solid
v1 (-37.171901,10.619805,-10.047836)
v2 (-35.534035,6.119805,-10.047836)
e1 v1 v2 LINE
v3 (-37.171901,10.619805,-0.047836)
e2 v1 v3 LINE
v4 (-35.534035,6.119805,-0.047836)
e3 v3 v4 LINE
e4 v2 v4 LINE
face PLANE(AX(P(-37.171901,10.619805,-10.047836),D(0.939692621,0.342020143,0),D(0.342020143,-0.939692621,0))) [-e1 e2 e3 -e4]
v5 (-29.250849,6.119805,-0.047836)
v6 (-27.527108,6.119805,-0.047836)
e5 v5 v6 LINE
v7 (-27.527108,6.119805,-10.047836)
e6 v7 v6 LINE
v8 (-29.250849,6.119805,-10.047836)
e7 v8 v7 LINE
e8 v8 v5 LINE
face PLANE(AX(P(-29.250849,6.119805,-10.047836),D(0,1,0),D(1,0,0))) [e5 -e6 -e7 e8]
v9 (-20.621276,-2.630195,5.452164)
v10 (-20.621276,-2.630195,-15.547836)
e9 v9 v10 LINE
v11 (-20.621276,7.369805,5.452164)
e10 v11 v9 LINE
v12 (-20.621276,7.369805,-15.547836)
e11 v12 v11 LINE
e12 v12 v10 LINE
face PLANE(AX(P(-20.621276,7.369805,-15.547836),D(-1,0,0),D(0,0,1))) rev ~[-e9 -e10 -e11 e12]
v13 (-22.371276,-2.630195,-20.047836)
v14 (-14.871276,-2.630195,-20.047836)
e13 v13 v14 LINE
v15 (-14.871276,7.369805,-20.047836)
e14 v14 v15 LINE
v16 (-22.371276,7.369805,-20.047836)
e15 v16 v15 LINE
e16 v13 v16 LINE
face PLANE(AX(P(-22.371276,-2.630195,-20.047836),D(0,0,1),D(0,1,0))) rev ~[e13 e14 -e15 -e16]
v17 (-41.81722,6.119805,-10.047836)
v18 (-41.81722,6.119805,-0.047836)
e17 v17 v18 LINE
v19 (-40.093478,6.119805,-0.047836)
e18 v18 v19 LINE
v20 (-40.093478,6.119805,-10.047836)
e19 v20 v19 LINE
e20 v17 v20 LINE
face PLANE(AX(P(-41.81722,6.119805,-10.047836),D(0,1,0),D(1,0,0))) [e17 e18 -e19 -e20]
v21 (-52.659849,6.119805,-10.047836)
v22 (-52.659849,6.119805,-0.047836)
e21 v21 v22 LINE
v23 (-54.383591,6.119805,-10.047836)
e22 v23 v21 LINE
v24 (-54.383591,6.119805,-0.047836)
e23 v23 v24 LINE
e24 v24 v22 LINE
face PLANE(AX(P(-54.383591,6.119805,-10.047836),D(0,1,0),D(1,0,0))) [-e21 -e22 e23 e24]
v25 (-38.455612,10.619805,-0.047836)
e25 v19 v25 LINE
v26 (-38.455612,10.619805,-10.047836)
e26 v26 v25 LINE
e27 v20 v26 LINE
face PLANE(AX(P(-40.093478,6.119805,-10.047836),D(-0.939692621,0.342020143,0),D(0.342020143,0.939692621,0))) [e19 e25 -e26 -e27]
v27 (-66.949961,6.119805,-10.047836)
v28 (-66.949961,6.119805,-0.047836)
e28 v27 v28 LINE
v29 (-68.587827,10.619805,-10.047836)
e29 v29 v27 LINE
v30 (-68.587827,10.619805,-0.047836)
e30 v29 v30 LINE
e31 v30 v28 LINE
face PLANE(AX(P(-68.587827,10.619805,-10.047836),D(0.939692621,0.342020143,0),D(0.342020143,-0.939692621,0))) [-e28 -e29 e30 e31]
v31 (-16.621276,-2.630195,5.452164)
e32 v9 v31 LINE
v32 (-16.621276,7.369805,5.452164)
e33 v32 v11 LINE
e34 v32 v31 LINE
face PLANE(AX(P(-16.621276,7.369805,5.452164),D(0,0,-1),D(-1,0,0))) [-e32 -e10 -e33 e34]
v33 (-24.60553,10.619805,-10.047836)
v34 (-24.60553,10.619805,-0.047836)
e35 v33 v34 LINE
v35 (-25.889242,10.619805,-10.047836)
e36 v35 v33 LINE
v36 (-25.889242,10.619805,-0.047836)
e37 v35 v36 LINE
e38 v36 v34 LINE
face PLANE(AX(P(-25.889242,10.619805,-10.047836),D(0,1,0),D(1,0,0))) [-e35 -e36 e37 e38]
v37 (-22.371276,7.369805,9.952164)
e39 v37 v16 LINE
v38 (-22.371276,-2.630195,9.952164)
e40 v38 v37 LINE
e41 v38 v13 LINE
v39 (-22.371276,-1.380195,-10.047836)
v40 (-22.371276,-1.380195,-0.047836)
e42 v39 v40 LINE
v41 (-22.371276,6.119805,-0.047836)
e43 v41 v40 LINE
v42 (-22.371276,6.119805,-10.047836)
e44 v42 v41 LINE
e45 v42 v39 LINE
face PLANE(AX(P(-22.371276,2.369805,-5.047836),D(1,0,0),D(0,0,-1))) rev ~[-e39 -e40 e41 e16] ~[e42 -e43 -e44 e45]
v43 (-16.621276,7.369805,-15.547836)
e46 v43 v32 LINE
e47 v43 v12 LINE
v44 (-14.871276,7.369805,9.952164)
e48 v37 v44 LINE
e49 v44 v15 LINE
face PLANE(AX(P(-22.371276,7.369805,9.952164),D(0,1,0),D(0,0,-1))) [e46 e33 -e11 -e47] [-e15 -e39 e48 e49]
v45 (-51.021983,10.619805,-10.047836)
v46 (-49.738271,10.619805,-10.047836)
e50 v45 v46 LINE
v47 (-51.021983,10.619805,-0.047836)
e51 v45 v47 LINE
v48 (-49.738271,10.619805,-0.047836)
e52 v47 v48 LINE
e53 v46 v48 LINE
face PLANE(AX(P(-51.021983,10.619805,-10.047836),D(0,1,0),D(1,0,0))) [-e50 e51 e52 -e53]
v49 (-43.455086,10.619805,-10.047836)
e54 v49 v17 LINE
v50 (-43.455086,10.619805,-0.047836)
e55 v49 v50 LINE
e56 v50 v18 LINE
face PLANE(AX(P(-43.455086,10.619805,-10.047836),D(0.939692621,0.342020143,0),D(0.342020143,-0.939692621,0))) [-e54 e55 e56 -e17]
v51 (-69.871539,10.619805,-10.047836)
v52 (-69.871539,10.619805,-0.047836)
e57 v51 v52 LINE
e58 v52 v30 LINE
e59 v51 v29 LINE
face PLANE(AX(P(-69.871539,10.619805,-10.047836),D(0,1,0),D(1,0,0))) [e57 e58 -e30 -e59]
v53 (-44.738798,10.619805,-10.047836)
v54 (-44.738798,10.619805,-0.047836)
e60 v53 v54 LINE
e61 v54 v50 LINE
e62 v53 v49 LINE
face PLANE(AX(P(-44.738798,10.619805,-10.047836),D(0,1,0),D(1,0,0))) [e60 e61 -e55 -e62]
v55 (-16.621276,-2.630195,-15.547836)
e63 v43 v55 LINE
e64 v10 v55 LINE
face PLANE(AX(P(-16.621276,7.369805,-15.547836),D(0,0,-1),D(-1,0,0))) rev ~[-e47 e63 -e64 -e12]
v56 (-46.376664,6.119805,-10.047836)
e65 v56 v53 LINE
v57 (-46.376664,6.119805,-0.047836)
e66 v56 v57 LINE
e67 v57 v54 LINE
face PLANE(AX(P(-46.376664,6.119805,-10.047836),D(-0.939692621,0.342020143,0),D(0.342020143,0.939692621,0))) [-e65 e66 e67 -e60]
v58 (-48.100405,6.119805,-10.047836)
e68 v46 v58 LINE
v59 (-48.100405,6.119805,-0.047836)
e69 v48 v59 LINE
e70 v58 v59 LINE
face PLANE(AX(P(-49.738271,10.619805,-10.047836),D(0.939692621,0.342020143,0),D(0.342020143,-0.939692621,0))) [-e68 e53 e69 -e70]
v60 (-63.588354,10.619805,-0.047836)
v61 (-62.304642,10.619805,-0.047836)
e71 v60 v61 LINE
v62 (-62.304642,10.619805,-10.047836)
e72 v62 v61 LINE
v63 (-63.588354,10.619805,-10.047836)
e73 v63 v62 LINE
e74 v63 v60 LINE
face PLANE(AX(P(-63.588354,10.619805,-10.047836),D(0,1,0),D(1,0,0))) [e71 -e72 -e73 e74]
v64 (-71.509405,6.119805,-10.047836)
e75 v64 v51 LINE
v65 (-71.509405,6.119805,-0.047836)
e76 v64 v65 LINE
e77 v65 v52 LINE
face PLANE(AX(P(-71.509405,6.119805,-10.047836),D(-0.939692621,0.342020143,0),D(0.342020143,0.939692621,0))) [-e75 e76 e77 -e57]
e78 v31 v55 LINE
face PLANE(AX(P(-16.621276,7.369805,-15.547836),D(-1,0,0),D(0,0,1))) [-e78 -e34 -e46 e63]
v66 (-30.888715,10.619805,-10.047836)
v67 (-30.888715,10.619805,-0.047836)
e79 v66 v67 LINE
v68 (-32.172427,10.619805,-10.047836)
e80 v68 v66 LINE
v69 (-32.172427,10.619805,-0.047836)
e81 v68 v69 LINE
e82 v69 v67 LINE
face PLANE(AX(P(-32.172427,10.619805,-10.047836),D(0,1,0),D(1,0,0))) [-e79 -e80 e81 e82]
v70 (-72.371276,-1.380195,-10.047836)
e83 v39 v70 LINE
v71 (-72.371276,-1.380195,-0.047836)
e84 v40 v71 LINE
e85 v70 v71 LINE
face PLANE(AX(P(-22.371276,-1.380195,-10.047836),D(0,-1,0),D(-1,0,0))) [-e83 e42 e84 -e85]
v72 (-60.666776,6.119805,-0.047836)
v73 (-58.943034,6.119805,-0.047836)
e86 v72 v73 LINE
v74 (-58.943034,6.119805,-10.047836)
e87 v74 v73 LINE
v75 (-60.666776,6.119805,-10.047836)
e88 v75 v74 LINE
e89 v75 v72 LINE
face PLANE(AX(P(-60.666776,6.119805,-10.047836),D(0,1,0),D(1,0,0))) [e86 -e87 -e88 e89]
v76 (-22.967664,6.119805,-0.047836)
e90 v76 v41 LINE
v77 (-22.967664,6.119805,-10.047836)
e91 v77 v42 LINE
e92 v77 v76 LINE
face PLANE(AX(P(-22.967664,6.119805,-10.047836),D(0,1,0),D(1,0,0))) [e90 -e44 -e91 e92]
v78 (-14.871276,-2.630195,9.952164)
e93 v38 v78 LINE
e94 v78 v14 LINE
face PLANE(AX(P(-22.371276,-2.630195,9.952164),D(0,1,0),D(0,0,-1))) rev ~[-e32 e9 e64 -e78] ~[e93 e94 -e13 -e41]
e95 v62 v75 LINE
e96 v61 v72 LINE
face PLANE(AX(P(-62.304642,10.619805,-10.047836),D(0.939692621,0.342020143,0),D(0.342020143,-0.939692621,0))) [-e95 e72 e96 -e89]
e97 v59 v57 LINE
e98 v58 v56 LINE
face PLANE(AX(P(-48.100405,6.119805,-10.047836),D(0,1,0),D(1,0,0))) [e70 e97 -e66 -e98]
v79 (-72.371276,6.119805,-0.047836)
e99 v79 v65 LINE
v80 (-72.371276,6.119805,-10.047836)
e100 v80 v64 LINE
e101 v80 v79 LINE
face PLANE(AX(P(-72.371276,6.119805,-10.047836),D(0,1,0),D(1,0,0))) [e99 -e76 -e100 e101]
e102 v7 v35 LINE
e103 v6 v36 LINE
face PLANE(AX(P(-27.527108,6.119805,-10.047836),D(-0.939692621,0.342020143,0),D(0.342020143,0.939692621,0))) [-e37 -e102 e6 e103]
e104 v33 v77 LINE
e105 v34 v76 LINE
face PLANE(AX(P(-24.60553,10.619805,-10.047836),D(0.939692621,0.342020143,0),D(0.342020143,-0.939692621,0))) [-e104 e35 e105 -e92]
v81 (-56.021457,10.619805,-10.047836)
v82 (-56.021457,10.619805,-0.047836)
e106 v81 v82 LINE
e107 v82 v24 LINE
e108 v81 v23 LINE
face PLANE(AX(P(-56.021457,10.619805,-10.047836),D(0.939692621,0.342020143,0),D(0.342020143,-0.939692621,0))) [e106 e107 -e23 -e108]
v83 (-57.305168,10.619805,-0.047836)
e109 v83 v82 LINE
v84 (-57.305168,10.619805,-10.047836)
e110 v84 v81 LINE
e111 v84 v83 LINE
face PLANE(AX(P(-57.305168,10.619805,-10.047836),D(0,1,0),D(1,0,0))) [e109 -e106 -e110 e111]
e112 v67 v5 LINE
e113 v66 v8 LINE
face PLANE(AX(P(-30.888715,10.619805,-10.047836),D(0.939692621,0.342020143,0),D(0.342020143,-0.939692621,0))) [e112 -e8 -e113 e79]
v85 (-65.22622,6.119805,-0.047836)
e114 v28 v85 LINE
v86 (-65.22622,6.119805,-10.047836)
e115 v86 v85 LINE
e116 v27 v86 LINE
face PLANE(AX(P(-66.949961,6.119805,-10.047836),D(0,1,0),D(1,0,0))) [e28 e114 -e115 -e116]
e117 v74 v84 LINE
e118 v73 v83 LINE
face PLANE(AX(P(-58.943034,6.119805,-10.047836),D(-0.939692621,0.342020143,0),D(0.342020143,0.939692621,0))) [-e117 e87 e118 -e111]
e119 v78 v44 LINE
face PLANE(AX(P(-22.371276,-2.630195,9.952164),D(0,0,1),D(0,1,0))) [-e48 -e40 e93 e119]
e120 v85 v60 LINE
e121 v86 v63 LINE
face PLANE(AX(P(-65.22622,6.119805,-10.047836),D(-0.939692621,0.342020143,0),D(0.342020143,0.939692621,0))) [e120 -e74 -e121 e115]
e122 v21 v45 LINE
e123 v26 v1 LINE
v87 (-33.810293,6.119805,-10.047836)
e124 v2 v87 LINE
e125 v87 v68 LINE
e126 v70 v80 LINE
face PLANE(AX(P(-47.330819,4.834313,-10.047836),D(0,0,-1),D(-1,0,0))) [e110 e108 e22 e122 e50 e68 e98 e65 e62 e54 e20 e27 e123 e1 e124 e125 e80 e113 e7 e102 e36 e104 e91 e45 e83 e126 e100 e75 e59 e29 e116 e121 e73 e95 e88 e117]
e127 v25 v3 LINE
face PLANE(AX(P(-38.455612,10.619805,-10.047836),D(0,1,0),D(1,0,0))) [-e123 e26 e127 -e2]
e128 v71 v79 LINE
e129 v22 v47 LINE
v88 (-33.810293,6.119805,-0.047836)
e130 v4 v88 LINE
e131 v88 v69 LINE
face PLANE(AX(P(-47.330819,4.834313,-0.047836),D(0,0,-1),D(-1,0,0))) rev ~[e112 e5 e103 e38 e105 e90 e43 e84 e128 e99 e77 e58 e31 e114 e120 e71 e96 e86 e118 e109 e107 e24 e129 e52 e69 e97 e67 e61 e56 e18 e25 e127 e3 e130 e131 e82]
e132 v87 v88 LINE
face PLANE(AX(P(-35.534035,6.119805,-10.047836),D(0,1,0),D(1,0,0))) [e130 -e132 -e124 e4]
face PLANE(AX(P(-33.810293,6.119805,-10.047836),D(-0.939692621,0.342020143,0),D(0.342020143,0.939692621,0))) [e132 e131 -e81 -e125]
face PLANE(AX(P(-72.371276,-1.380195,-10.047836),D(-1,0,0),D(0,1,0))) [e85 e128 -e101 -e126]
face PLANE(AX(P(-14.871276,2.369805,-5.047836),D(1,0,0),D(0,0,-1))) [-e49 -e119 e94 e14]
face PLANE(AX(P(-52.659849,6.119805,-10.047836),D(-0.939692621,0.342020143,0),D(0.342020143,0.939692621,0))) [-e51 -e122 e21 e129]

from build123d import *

# Parameters (mm, degrees)
BOSS_EXTRUDE1_DEPTH = 10
SKETCH2_W           = 30
SKETCH2_H           = 10
BOSS_EXTRUDE2_DEPTH = 7.5
CUT_EXTRUDE1_REACH  = 12
SKETCH3_W           = 4
SKETCH3_H           = 21


with BuildPart() as part:
    # Sketch1 → Boss-Extrude1 (new body)
    with BuildSketch(Plane(origin=(0, 0, -10.04783639), x_dir=(-1, 0, 0), z_dir=(0, 0, -1))):
        Polygon((24.605530087, 10.619804964), (22.967664033, 6.119804964), (22.371275694, 6.119804964), (22.371275694, -1.380195036), (72.371275694, -1.380195036), (72.371275694, 6.119804964), (71.509404954, 6.119804964), (69.8715389, 10.619804964), (68.587827187, 10.619804964), (66.949961133, 6.119804964), (65.226219654, 6.119804964), (63.5883536, 10.619804964), (62.304641887, 10.619804964), (60.666775833, 6.119804964), (58.943034354, 6.119804964), (57.3051683, 10.619804964), (56.021456587, 10.619804964), (54.383590533, 6.119804964), (52.659849054, 6.119804964), (51.021983, 10.619804964), (49.738271287, 10.619804964), (48.100405233, 6.119804964), (46.376663754, 6.119804964), (44.7387977, 10.619804964), (43.455085987, 10.619804964), (41.817219933, 6.119804964), (40.093478454, 6.119804964), (38.4556124, 10.619804964), (37.171900687, 10.619804964), (35.534034633, 6.119804964), (33.810293154, 6.119804964), (32.1724271, 10.619804964), (30.888715387, 10.619804964), (29.250849333, 6.119804964), (27.527107854, 6.119804964), (25.8892418, 10.619804964), align=None)
    extrude(amount=-BOSS_EXTRUDE1_DEPTH)

    # Sketch2 → Boss-Extrude2 (add)
    with BuildSketch(Plane(origin=(-22.371275694, 0, 0), x_dir=(0, 0, -1), z_dir=(1, 0, 0))):
        with Locations((5.04783639, 2.369804964)):
            Rectangle(SKETCH2_W, SKETCH2_H)
    extrude(amount=BOSS_EXTRUDE2_DEPTH)

    # Sketch3 → Cut-Extrude1 (cut, up to next)
    with BuildSketch(Plane(origin=(0, 7.369804964, 0), x_dir=(-1, 0, 0), z_dir=(0, 1, 0)), mode=Mode.PRIVATE) as cut_extrude1_sk1:
        with Locations((18.621275694, -5.04783639)):
            Rectangle(SKETCH3_W, SKETCH3_H)
    cut_extrude1_tool1 = extrude(cut_extrude1_sk1.sketch, amount=-CUT_EXTRUDE1_REACH, mode=Mode.PRIVATE) & part.part
    add(cut_extrude1_tool1.solids().sort_by_distance((-18.621276, 7.369805, -5.047836))[0], mode=Mode.SUBTRACT)


solid = part.part
